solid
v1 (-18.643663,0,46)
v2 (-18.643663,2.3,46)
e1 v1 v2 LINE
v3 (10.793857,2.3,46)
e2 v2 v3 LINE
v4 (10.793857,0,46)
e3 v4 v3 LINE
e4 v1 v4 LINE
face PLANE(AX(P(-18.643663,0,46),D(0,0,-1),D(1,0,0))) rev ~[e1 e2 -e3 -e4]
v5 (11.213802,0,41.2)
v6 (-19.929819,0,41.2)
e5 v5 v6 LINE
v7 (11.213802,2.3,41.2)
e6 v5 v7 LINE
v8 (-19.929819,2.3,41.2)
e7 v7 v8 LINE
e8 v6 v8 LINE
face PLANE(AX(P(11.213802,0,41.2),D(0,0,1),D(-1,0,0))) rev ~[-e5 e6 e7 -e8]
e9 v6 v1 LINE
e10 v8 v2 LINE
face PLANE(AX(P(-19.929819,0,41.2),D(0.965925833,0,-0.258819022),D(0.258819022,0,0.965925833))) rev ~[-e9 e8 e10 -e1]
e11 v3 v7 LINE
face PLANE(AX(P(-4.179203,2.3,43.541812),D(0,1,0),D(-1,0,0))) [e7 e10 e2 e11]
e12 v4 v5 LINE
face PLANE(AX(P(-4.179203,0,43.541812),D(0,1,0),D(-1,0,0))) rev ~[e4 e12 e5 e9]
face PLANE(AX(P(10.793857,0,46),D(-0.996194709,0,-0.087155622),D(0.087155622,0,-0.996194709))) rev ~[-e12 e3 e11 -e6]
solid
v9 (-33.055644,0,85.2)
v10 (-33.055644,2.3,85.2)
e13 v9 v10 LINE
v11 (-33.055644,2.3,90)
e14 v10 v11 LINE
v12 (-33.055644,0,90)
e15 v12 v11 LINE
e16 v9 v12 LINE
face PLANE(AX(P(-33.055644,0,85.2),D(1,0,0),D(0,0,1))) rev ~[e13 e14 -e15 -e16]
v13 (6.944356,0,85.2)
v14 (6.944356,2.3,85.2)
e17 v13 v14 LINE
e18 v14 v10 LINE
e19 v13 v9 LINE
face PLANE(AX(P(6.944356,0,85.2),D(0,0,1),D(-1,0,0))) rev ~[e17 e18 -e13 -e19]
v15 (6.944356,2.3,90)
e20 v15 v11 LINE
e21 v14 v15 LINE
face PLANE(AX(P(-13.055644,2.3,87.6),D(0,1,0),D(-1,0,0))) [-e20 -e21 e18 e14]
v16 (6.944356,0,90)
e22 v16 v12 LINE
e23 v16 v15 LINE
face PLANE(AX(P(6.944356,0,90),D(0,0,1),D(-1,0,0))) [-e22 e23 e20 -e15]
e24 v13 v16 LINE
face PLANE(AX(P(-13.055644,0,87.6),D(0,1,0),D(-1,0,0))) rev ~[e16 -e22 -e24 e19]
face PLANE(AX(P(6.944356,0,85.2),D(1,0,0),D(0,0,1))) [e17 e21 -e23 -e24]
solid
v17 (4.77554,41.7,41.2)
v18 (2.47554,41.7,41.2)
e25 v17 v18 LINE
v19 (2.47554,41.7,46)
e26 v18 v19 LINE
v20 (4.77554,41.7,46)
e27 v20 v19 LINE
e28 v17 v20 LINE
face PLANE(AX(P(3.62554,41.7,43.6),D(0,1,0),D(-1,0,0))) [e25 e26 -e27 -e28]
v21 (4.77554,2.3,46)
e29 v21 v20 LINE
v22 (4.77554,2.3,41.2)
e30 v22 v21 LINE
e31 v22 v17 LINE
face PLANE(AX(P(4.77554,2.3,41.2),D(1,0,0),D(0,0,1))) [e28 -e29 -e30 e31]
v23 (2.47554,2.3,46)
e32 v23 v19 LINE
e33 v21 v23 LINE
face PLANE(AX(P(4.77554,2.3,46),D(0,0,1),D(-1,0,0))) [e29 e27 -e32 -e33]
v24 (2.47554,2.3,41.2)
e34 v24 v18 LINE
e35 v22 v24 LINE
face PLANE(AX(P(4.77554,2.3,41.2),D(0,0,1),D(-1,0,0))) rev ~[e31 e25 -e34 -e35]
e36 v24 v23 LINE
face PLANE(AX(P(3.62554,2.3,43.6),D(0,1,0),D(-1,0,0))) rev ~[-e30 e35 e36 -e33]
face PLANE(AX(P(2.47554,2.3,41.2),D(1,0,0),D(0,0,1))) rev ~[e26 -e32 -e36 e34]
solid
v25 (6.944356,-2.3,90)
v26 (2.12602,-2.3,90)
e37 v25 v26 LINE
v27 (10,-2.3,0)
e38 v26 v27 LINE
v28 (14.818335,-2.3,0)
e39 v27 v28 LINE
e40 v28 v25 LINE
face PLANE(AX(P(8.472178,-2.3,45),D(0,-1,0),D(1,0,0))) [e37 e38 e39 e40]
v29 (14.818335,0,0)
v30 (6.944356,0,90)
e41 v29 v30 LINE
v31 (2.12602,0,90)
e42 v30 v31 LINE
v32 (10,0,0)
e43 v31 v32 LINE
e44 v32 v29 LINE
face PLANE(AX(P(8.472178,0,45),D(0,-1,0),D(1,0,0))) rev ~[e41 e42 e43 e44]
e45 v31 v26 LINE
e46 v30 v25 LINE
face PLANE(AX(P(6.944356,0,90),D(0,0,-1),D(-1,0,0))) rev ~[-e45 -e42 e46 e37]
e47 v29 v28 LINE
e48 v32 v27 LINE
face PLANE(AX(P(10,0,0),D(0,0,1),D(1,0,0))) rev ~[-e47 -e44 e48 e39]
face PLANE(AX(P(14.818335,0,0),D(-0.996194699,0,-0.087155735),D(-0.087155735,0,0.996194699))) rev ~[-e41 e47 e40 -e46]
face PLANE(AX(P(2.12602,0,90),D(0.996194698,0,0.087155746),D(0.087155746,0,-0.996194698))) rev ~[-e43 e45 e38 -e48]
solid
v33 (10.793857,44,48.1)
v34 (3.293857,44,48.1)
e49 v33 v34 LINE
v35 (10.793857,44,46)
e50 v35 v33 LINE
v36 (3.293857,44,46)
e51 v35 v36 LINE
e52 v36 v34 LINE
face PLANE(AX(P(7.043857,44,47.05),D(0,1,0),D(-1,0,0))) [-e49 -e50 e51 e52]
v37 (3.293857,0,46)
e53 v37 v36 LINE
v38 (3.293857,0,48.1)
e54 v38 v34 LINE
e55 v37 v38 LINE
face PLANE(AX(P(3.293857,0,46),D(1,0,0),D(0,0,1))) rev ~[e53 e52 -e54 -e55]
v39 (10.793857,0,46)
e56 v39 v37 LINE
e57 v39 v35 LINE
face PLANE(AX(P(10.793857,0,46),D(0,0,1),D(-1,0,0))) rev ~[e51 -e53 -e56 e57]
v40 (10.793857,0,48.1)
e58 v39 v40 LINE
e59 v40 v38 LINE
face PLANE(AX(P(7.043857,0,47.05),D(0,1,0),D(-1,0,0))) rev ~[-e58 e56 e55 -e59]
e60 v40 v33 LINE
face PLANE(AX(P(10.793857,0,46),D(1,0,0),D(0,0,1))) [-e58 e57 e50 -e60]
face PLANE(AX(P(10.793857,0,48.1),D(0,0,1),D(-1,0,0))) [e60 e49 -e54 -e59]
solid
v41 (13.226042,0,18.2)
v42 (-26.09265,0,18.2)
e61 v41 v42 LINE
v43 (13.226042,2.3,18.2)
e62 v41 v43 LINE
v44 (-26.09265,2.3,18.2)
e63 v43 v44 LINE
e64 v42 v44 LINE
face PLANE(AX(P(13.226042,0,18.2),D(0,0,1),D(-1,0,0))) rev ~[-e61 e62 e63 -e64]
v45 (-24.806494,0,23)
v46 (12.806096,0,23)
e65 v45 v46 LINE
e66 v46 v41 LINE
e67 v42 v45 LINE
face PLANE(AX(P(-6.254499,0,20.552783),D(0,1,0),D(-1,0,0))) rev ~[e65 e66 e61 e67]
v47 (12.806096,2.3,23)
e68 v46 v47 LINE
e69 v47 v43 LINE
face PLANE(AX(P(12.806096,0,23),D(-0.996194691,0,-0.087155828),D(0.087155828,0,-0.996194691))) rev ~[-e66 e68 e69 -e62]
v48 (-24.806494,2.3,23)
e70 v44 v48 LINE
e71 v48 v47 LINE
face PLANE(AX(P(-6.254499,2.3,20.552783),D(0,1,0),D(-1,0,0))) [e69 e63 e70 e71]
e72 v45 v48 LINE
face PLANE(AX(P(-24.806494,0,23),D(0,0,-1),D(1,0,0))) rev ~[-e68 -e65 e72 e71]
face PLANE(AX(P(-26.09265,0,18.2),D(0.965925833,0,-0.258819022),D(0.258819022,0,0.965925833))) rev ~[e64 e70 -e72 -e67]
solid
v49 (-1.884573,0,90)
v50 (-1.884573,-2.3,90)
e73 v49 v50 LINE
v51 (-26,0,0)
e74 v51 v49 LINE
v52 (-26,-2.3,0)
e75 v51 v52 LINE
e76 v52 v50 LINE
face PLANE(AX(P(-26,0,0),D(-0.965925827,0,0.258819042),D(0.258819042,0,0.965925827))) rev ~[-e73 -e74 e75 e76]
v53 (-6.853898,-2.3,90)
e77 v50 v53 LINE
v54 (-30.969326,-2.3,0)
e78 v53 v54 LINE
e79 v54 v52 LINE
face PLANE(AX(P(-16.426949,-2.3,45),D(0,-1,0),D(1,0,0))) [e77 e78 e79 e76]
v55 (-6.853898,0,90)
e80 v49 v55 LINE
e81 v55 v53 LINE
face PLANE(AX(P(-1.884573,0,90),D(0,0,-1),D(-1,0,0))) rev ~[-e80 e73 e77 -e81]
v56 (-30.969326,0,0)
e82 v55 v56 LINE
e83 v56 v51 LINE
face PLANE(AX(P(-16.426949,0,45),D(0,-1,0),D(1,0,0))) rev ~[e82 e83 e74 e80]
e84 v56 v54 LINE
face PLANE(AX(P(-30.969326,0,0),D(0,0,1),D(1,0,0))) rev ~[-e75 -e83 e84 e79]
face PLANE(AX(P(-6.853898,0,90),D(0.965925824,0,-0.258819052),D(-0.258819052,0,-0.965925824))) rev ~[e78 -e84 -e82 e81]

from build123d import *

# Parameters (mm, degrees)
F1_DEPTH = 2.3
F2_W     = 40
F2_H     = 4.8
F3_DEPTH = 2.3
F4_W     = 7.5
F4_H     = 2.1
F5_DEPTH = 44
F6_W     = 2.3
F6_H     = 4.8
F7_DEPTH = 39.4


with BuildPart() as f1:
    # F0 (on Front) → F1 (new body)
    with BuildSketch(Plane.XZ):
        Polygon((2.12602, 90), (10, 0), (14.818335, 0), (6.944356, 90), align=None)
        Polygon((-30.969326, 0), (-26, 0), (-1.884573, 90), (-6.853898, 90), align=None)
    extrude(amount=F1_DEPTH)


with BuildPart() as f3:
    # F2 (on face) → F3 (new body)
    with BuildSketch(Plane(origin=(0, 0, 0), x_dir=(-1, 0, 0), z_dir=(0, 1, 0))):
        Polygon((-12.806096, 23), (-13.226042, 18.2), (26.09265, 18.2), (24.806494, 23), align=None)
        Polygon((-10.793857, 46), (-11.213802, 41.2), (19.929819, 41.2), (18.643663, 46), align=None)
        with Locations((13.055644, 87.6)):
            Rectangle(F2_W, F2_H)
    extrude(amount=F3_DEPTH)


with BuildPart() as f5:
    # F4 (on face) → F5 (new body)
    with BuildSketch(Plane(origin=(0, 0, 0), x_dir=(-1, 0, 0), z_dir=(0, 1, 0))):
        with Locations((-7.043857, 47.05)):
            Rectangle(F4_W, F4_H)
    extrude(amount=F5_DEPTH)


with BuildPart() as f7:
    # F6 (on face) → F7 (new body)
    with BuildSketch(Plane(origin=(0, 2.3, 0), x_dir=(-1, 0, 0), z_dir=(0, 1, 0))):
        with Locations((-3.62554, 43.6)):
            Rectangle(F6_W, F6_H)
    extrude(amount=F7_DEPTH)


solid = Compound([f1.part, f3.part, f5.part, f7.part])
